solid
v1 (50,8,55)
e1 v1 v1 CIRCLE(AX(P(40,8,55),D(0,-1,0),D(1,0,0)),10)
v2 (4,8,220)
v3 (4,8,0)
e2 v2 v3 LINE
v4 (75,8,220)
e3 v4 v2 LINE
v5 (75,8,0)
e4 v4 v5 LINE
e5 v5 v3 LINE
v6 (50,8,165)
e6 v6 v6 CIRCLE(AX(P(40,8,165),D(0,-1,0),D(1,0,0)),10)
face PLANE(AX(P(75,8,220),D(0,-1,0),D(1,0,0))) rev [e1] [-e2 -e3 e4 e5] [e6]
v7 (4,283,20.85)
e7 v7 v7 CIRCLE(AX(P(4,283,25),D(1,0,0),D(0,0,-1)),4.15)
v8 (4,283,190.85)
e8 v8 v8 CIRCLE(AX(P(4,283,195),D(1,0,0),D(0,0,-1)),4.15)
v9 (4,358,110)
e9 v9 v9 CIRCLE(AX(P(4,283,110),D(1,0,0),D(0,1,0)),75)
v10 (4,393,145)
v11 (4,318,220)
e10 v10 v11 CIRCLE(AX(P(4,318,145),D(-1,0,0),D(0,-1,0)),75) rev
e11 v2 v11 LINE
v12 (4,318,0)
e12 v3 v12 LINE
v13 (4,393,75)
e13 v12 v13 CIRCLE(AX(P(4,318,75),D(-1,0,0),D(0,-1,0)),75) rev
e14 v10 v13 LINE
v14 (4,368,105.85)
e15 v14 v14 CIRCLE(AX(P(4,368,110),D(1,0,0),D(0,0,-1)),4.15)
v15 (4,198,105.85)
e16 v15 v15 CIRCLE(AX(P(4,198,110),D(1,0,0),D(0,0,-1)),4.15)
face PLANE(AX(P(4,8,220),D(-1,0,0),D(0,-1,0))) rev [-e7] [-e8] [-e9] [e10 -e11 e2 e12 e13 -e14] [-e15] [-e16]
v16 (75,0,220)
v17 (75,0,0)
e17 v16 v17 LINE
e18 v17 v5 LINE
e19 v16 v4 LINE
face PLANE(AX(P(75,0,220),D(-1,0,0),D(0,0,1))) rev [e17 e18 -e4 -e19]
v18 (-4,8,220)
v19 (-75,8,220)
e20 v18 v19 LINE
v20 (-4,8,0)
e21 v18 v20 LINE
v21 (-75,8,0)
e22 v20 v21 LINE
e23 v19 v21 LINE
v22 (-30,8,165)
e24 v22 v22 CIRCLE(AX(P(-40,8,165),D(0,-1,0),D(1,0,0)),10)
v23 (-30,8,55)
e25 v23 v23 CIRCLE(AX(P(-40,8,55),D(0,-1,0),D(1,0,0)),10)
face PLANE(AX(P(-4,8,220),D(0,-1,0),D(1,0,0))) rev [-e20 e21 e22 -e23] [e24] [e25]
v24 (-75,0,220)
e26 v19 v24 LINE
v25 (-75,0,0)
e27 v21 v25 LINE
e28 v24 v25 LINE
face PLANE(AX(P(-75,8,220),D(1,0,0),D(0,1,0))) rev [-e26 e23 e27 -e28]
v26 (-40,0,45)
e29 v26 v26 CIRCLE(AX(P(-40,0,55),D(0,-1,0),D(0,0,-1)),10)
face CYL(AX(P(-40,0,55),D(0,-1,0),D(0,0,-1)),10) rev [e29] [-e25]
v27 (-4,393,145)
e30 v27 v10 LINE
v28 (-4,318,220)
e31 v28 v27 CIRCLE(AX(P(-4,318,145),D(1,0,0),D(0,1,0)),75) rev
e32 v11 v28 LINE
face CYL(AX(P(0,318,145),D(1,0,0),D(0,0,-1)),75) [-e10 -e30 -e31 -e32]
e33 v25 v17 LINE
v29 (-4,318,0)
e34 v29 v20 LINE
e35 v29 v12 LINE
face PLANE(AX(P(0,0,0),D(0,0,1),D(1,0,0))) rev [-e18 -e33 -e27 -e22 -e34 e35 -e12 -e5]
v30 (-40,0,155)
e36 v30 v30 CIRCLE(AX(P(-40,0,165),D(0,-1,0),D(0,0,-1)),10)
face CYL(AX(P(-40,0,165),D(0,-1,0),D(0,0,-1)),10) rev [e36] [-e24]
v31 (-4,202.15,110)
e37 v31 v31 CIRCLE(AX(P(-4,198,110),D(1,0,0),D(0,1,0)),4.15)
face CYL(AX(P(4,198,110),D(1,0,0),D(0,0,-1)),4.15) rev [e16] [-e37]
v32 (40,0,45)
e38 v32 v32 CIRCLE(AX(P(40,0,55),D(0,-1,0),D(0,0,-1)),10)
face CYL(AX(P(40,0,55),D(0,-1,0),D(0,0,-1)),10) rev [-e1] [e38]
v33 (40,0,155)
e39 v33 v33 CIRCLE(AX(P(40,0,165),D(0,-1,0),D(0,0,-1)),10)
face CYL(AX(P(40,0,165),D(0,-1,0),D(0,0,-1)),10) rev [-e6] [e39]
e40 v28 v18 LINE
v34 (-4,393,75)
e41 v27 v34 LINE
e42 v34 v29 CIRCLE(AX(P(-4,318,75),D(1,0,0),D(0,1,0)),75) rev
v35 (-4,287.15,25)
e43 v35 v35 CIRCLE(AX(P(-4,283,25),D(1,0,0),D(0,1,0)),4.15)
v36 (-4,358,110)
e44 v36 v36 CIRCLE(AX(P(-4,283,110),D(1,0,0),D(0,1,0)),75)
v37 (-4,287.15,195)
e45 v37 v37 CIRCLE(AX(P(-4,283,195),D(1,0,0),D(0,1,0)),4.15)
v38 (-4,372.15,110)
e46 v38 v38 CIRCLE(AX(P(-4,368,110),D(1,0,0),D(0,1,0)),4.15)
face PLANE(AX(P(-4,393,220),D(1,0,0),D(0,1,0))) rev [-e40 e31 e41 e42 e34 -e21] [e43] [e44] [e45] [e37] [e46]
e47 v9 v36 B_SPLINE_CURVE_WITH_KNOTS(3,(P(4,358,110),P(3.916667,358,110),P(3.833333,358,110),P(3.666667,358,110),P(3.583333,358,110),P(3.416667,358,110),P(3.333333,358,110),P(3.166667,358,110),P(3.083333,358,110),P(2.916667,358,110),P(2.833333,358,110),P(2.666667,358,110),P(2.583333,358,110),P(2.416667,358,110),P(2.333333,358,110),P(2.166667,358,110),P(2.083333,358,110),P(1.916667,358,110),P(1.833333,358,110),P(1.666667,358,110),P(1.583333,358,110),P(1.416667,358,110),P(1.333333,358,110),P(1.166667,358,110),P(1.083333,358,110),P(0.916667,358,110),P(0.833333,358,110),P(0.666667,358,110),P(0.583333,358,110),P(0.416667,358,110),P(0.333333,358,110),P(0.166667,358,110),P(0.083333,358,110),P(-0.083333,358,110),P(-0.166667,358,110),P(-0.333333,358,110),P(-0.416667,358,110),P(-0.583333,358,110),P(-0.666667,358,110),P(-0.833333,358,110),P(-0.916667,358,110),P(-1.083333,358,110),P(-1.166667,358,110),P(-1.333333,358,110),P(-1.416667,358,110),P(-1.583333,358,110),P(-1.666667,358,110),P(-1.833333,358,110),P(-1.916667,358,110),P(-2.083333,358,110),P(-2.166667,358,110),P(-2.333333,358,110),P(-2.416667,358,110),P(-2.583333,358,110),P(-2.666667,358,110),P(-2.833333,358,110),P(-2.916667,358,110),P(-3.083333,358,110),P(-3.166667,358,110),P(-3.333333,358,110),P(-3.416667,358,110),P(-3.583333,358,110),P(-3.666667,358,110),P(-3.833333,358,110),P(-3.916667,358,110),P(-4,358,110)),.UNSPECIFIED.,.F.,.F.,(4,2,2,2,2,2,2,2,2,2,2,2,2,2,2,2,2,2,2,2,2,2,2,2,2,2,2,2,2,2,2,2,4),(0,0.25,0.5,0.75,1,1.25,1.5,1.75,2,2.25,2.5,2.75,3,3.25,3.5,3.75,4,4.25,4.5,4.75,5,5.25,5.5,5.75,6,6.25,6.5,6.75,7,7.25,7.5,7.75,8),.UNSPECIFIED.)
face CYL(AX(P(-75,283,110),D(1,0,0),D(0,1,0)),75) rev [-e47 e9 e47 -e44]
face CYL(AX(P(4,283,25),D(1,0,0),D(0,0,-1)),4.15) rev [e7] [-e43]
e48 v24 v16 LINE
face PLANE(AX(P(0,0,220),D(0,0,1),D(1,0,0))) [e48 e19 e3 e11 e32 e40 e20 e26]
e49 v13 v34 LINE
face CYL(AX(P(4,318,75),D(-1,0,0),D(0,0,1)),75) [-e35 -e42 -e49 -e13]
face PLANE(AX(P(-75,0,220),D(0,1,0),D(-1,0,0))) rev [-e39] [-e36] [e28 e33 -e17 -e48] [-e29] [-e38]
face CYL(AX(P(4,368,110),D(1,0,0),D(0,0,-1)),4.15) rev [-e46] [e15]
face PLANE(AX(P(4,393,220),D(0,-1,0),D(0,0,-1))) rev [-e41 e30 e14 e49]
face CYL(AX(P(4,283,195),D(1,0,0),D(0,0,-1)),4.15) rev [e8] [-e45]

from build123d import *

# Parameters (mm, degrees)
BOSS_EXTRUDE1_DEPTH     = 220
F_20_0MM_DOWEL_HOLE1_D  = 20
FILLET1_R               = 75
SKETCH4_R               = 75
CUT_EXTRUDE1_DEPTH      = 458.263600126
F_8_0_MM_DOWEL_HOLES1_D = 8.3


with BuildPart() as part:
    # Sketch1 → Boss-Extrude1 (new body)
    with BuildSketch(Plane.XY):
        Polygon((-4, 393), (-4, 8), (-75, 8), (-75, 0), (75, 0), (75, 8), (4, 8), (4, 393), align=None)
    extrude(amount=BOSS_EXTRUDE1_DEPTH)

    # Ø20.0mm Dowel Hole1 (through all)
    with Locations(Plane(origin=(0, 0, 0), x_dir=(-1, 0, 0), z_dir=(0, -1, 0))):
        with Locations((-40, -55), (-40, -165), (40, -165), (40, -55)):
            Hole(F_20_0MM_DOWEL_HOLE1_D / 2)

    # Fillet1
    fillet1_edges = [part.edges().sort_by_distance(p)[0] for p in [
        (0, 393, 0),
        (0, 393, 220),
    ]]
    fillet(fillet1_edges, radius=FILLET1_R)

    # Sketch4 → Cut-Extrude1 (cut, through all)
    with BuildSketch(Plane(origin=(4, 0, 0), x_dir=(0, 0, -1), z_dir=(1, 0, 0))):
        with Locations(Location((-110, 283, 0), (0, 0, 90))):
            Circle(SKETCH4_R)
    extrude(amount=-CUT_EXTRUDE1_DEPTH, mode=Mode.SUBTRACT)

    # Ø8.0 mm Dowel Holes1 (through all)
    with Locations(Plane(origin=(4, 0, 0), x_dir=(0, 0, -1), z_dir=(1, 0, 0))):
        with Locations((-110, 368), (-195, 283), (-110, 198), (-25, 283)):
            Hole(F_8_0_MM_DOWEL_HOLES1_D / 2)


solid = part.part
